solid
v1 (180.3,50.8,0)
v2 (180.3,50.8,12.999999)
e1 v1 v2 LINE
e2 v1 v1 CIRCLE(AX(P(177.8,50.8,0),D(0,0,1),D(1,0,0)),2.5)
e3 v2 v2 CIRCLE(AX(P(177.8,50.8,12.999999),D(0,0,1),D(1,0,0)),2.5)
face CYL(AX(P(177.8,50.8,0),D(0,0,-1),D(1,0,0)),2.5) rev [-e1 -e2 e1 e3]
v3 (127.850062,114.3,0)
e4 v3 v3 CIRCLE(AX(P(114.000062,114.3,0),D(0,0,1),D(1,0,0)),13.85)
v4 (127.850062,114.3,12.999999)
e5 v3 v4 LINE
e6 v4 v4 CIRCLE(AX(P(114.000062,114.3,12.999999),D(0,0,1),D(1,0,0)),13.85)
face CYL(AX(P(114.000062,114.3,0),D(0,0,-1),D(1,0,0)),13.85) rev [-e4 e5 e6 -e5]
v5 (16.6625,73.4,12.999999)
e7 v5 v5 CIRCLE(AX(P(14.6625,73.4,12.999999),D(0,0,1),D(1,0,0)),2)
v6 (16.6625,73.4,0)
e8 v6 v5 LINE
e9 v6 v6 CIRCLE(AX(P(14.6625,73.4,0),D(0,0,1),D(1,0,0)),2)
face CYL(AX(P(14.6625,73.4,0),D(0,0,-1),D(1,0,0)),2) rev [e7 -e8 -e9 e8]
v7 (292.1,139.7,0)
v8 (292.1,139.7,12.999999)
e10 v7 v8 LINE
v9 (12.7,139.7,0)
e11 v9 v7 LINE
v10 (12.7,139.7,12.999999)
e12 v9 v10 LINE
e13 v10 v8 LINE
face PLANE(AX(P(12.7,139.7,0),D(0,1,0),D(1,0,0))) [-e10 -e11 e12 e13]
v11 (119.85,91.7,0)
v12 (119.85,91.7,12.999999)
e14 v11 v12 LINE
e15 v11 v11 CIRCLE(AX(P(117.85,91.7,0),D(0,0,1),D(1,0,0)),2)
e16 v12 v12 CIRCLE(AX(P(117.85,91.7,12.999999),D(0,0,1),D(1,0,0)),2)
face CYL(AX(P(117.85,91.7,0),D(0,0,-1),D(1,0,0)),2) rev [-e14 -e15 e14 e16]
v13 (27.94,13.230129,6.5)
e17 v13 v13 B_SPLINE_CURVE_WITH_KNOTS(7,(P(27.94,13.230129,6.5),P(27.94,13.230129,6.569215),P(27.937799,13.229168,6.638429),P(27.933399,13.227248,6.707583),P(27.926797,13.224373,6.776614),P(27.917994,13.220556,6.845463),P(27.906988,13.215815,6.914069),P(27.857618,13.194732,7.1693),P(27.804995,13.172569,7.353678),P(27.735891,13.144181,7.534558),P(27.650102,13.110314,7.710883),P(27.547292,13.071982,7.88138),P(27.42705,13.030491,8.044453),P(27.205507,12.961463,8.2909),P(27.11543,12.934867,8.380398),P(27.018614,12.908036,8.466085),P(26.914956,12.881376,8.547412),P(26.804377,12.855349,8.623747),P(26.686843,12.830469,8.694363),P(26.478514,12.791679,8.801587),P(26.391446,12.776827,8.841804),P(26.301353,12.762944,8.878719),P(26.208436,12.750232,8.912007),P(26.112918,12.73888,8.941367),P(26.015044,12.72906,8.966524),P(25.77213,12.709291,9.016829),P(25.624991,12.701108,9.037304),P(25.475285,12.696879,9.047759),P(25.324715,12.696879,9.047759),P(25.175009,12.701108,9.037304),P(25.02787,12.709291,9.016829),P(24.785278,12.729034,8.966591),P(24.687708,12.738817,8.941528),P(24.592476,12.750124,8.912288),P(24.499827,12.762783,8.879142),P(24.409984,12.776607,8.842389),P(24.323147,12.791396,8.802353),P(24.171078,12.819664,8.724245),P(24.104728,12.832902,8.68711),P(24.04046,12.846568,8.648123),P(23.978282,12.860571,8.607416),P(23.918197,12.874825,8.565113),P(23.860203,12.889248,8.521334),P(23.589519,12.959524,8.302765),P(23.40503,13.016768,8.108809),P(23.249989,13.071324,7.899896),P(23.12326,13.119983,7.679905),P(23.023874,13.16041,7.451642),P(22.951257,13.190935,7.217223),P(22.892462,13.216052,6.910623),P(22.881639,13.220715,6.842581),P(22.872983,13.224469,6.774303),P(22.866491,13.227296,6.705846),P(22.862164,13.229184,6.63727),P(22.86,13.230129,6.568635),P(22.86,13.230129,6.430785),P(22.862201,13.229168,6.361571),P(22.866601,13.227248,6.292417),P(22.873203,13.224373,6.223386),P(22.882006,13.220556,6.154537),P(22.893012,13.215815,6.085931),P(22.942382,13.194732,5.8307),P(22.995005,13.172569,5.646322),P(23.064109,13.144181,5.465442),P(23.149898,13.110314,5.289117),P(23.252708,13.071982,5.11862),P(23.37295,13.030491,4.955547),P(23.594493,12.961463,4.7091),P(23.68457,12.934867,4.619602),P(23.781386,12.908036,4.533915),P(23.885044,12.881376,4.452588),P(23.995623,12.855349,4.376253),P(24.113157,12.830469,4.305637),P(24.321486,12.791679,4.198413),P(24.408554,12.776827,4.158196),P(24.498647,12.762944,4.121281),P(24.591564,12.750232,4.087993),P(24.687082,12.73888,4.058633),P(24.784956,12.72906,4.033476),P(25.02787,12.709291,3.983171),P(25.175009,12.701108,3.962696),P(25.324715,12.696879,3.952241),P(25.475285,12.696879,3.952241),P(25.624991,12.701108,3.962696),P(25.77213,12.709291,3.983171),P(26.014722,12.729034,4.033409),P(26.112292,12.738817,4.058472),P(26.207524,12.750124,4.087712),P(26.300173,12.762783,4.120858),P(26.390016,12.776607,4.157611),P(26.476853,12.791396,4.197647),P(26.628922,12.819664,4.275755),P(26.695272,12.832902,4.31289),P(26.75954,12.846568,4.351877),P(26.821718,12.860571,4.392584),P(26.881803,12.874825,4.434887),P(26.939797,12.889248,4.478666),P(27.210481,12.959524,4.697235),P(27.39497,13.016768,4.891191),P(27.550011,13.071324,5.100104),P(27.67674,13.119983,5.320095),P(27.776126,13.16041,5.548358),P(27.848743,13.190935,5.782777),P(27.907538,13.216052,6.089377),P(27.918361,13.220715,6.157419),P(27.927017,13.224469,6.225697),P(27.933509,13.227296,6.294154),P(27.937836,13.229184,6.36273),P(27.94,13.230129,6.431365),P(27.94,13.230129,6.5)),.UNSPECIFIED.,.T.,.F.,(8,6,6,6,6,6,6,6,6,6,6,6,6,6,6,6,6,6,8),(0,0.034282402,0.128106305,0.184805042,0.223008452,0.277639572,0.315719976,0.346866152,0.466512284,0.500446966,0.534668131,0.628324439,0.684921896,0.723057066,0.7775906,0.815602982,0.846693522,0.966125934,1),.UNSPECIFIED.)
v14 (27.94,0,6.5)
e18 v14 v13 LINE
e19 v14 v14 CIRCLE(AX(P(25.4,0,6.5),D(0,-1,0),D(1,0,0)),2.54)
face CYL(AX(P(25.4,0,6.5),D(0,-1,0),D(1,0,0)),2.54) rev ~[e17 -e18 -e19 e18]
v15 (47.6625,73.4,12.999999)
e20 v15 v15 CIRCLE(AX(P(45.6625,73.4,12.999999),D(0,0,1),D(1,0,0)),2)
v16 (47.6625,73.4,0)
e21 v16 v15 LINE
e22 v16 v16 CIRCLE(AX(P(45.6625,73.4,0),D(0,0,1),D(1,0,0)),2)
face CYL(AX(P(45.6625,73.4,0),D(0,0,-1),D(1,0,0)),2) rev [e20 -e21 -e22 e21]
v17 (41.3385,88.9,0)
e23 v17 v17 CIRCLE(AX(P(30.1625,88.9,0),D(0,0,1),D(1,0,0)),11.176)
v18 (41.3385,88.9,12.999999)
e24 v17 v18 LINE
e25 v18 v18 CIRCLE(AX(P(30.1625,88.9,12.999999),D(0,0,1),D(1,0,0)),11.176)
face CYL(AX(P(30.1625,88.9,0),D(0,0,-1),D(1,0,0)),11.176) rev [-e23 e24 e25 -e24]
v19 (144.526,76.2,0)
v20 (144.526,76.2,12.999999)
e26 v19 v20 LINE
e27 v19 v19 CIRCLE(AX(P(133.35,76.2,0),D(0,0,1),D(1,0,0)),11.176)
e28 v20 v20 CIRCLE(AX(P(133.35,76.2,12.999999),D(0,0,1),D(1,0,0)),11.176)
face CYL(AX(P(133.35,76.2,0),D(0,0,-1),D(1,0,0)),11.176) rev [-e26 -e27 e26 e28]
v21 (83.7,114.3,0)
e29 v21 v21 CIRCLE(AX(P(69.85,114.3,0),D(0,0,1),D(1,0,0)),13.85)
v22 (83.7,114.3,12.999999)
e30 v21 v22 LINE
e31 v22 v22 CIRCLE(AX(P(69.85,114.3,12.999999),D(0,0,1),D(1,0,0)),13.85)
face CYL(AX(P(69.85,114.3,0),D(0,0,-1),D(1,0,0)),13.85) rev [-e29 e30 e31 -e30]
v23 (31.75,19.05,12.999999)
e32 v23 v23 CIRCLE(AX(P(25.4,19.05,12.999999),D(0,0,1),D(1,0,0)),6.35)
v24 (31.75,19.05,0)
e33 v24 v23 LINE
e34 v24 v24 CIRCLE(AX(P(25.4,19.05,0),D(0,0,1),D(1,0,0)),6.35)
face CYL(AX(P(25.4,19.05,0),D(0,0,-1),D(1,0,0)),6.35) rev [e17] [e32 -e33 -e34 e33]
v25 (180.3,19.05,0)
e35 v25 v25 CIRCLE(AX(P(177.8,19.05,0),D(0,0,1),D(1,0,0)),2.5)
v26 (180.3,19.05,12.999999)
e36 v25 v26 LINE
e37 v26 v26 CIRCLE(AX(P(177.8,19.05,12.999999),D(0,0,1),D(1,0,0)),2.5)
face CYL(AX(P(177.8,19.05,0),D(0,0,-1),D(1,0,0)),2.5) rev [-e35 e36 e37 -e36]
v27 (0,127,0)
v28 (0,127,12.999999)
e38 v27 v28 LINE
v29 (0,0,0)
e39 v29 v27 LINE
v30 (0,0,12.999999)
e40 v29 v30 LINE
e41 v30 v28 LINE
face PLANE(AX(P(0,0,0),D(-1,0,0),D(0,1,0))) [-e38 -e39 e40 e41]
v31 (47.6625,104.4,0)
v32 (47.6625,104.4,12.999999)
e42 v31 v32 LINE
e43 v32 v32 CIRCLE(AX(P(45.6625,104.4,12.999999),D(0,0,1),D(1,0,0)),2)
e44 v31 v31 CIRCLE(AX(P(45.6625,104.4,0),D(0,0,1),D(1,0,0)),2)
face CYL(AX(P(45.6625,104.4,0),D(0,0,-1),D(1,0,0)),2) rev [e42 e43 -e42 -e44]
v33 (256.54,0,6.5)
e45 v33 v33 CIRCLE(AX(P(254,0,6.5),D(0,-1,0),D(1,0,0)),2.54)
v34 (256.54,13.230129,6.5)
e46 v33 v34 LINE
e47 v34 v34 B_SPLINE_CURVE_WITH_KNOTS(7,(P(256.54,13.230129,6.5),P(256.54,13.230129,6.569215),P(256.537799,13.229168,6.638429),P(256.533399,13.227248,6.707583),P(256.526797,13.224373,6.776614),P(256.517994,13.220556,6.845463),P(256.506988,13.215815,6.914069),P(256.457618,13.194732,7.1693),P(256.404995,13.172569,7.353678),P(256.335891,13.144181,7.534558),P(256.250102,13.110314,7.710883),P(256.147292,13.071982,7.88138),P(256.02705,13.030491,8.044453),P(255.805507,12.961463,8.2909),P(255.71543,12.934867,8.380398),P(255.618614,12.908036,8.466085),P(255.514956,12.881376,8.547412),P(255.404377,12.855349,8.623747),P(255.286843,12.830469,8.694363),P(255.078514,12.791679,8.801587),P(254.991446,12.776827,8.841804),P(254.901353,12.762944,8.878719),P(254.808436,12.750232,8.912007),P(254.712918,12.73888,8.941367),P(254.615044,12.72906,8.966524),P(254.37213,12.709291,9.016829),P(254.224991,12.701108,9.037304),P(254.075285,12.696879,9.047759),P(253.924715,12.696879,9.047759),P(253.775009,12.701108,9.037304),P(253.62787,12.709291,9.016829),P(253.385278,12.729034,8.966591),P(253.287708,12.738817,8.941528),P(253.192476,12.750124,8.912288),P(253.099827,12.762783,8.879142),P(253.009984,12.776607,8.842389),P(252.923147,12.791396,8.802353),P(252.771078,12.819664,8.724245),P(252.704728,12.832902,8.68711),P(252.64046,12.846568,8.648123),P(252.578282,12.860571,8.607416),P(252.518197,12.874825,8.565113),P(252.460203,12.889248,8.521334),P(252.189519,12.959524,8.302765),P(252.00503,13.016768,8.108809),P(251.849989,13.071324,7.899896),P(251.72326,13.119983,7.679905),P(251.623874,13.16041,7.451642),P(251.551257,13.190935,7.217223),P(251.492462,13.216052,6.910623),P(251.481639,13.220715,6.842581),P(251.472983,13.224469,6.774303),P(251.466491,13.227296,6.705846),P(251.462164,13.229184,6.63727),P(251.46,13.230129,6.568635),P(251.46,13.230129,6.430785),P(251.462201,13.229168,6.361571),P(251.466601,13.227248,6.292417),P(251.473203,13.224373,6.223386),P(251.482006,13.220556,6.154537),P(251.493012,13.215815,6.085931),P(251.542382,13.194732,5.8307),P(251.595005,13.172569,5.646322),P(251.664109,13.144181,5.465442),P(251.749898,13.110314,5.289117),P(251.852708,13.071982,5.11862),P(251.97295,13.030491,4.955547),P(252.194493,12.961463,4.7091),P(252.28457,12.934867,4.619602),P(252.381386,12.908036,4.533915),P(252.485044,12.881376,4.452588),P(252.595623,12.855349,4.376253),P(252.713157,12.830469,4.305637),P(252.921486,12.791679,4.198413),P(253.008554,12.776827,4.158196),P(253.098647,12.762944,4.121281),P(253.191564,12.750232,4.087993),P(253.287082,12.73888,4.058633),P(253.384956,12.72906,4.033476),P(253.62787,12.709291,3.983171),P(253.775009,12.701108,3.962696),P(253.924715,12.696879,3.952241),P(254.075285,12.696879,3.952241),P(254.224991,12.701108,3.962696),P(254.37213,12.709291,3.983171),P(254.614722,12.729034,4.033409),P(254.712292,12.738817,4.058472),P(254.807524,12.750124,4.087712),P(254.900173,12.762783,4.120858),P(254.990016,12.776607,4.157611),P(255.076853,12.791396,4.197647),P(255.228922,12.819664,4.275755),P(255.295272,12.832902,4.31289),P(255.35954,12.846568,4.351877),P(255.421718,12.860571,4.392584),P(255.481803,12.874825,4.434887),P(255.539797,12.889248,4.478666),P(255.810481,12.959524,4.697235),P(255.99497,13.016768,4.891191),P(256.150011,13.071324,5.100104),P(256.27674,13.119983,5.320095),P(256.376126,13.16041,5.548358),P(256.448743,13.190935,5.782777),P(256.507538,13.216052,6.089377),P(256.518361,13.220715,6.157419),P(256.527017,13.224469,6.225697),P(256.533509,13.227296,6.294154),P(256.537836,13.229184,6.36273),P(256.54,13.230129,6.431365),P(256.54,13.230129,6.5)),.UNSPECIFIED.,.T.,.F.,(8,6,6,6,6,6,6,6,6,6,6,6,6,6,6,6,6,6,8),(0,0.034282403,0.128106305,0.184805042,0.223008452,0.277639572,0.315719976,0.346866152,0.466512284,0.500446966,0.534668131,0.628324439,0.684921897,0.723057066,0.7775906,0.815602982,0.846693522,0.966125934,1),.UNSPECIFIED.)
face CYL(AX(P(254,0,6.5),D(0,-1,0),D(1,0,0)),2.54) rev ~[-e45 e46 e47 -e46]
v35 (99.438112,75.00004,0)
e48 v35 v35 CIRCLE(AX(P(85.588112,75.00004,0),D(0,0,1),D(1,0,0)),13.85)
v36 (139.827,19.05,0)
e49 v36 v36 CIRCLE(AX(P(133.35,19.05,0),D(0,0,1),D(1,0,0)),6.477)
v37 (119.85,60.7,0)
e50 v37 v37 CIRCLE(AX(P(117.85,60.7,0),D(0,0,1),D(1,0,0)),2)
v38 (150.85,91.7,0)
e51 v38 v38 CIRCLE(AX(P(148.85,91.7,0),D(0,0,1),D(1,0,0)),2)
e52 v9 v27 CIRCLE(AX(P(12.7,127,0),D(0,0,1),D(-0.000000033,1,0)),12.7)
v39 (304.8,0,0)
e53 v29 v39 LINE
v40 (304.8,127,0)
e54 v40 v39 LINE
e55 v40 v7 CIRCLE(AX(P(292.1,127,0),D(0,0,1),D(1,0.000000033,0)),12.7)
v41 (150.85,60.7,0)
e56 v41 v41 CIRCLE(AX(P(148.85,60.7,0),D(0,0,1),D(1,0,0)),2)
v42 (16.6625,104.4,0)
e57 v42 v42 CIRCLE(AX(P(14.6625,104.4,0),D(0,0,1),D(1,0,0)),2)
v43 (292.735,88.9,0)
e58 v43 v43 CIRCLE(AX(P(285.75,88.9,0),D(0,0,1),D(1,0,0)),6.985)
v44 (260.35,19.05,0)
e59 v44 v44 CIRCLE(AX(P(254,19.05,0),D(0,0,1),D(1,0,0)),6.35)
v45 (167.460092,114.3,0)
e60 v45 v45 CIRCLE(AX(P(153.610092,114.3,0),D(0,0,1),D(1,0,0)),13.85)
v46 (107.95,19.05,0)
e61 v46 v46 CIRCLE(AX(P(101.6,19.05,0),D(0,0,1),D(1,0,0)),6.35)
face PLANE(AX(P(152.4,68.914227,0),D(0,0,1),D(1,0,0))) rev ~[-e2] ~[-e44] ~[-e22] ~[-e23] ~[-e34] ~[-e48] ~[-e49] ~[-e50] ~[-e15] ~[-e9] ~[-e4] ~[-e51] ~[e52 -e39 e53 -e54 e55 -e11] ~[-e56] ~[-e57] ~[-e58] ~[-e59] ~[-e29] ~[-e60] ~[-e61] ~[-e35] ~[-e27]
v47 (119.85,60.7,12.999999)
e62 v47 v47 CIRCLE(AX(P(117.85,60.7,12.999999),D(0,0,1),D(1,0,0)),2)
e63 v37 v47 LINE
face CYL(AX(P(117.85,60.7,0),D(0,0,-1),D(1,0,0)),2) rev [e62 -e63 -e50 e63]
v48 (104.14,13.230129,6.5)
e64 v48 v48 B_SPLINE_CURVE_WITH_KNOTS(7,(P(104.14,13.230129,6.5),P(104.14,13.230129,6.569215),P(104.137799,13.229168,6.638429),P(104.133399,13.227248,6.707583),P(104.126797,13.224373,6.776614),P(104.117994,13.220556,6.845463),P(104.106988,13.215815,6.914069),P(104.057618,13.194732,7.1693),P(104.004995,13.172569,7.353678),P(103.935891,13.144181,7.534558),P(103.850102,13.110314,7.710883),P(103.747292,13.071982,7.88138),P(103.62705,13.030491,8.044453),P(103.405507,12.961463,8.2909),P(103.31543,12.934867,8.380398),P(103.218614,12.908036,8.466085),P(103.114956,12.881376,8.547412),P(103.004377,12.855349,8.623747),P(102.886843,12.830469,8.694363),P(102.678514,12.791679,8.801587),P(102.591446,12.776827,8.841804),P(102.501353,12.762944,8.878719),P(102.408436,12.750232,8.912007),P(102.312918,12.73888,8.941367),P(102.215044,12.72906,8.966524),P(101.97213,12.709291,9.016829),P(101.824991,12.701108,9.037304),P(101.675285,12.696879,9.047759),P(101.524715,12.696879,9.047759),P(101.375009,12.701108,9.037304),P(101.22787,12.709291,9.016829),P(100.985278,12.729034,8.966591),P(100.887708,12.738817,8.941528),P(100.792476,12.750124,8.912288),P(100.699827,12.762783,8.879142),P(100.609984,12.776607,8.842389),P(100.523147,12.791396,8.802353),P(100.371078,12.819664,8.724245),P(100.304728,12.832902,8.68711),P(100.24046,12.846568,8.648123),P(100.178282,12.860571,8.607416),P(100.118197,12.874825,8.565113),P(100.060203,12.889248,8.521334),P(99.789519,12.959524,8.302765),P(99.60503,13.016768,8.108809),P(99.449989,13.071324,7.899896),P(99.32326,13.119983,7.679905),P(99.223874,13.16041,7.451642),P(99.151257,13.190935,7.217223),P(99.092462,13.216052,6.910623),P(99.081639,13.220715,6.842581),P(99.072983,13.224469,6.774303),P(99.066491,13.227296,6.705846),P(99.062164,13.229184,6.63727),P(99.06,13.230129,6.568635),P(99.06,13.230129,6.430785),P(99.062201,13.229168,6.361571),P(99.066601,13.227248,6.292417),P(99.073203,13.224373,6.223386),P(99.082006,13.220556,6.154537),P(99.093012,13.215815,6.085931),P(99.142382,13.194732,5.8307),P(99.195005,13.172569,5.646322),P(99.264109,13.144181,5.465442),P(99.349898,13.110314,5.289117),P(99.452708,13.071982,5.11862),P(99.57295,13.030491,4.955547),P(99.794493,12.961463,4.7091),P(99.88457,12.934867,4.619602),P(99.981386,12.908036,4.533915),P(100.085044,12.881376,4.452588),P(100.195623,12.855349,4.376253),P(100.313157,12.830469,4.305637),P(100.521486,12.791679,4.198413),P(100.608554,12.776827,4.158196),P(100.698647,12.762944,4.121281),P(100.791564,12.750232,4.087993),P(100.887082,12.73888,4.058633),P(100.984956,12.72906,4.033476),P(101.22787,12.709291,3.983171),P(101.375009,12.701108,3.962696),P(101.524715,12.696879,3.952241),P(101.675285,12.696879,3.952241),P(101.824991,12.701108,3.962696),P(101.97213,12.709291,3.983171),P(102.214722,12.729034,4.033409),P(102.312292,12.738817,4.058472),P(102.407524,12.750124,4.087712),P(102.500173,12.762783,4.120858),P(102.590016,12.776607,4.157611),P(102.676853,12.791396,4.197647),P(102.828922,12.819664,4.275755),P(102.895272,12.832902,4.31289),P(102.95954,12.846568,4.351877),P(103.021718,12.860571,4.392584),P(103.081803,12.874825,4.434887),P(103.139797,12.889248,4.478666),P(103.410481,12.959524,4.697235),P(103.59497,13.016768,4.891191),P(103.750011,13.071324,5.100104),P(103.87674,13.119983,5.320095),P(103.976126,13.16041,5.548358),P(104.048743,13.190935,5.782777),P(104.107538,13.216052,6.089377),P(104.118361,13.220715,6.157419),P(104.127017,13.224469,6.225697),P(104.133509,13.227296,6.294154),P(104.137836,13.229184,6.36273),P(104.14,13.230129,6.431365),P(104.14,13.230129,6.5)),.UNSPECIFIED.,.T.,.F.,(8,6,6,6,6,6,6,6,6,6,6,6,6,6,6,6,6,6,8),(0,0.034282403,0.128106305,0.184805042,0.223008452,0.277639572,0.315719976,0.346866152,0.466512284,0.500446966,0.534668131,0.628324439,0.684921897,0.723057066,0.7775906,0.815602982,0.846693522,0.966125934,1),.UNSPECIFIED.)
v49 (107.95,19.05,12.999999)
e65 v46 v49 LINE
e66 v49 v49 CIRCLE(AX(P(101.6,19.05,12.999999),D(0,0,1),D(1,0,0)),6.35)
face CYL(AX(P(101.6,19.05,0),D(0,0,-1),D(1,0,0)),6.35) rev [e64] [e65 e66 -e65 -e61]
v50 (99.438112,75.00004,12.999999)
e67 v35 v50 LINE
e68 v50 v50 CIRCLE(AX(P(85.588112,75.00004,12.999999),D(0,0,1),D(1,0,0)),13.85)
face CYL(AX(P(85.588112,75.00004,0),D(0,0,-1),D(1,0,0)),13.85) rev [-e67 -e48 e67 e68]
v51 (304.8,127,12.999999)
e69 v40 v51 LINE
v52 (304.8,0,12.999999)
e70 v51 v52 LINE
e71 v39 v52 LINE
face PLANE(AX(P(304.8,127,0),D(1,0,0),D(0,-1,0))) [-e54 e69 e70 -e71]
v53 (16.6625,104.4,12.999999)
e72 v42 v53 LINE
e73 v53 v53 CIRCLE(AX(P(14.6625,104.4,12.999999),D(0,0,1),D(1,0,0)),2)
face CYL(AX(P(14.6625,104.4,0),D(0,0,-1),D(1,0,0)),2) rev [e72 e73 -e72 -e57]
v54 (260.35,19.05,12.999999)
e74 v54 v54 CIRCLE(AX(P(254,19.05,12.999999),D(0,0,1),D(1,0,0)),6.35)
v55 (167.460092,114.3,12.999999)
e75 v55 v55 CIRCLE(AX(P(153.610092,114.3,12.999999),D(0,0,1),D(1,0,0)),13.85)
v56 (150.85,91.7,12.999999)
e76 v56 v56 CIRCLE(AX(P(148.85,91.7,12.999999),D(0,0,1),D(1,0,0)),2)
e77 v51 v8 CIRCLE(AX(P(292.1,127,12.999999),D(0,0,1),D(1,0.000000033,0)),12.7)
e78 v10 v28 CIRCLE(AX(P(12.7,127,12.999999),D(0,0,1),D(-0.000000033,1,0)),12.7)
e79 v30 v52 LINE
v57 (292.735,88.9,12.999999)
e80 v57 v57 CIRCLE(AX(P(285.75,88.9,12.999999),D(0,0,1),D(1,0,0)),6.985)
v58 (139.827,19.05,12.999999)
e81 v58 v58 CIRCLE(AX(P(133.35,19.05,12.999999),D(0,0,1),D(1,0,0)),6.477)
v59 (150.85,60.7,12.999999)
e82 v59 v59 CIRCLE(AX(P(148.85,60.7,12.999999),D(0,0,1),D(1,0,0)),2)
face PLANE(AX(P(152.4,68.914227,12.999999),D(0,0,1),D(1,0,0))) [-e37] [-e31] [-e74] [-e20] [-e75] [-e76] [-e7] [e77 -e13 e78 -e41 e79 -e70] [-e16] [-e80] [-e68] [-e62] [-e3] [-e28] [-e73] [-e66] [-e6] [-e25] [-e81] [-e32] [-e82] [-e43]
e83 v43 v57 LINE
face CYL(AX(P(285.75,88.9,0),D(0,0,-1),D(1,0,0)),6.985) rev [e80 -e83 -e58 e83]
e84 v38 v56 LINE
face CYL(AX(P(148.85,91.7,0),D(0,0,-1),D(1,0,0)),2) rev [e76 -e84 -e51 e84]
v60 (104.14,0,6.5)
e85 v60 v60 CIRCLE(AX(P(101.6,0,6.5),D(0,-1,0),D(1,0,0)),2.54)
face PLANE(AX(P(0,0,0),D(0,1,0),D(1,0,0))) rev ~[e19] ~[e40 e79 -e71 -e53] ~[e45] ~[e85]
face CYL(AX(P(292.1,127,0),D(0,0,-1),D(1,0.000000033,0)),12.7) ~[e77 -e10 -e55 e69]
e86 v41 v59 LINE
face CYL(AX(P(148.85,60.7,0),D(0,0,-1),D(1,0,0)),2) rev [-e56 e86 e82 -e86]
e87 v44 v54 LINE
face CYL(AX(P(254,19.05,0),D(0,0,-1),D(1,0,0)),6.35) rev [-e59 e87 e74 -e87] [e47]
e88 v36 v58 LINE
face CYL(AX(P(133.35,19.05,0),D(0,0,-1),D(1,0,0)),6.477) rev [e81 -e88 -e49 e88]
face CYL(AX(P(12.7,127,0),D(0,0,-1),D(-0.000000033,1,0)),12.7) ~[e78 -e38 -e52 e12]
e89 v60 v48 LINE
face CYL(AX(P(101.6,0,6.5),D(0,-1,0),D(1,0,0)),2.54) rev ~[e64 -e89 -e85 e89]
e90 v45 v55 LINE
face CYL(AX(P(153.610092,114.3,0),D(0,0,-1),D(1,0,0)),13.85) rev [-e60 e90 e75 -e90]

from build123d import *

# Parameters (mm, degrees)
SKETCH001_R   = 6.985
SKETCH001_R_2 = 11.176
SKETCH001_R_3 = 6.35
SKETCH001_R_4 = 6.477
SKETCH001_R_5 = 2
SKETCH001_R_6 = 2.5
SKETCH001_R_7 = 13.85
PAD_DEPTH     = 12.999999
SKETCH_R      = 2.54
POCKET_DEPTH  = 20.32


with BuildPart() as part:
    # Sketch001 → Pad (new body)
    with BuildSketch(Plane.XY):
        with BuildLine():
            Line((0, 0), (304.8, 0))
            Line((304.8, 127), (304.8, 0))
            ThreePointArc((304.8, 127), (301.080256, 135.980256), (292.1, 139.7))
            Line((12.7, 139.7), (292.1, 139.7))
            ThreePointArc((12.7, 139.7), (3.719744, 135.980256), (0, 127))
            Line((0, 0), (0, 127))
        make_face()
        with Locations((285.75, 88.9)):
            Circle(SKETCH001_R, mode=Mode.SUBTRACT)
        with Locations((133.35, 76.2)):
            Circle(SKETCH001_R_2, mode=Mode.SUBTRACT)
        with Locations((25.4, 19.05)):
            Circle(SKETCH001_R_3, mode=Mode.SUBTRACT)
        with Locations((101.6, 19.05)):
            Circle(SKETCH001_R_3, mode=Mode.SUBTRACT)
        with Locations((254, 19.05)):
            Circle(SKETCH001_R_3, mode=Mode.SUBTRACT)
        with Locations((133.35, 19.05)):
            Circle(SKETCH001_R_4, mode=Mode.SUBTRACT)
        with Locations((30.1625, 88.9)):
            Circle(SKETCH001_R_2, mode=Mode.SUBTRACT)
        with Locations((14.6625, 73.4)):
            Circle(SKETCH001_R_5, mode=Mode.SUBTRACT)
        with Locations((45.6625, 104.4)):
            Circle(SKETCH001_R_5, mode=Mode.SUBTRACT)
        with Locations((45.6625, 73.4)):
            Circle(SKETCH001_R_5, mode=Mode.SUBTRACT)
        with Locations((14.6625, 104.4)):
            Circle(SKETCH001_R_5, mode=Mode.SUBTRACT)
        with Locations((117.85, 91.7)):
            Circle(SKETCH001_R_5, mode=Mode.SUBTRACT)
        with Locations((148.85, 91.7)):
            Circle(SKETCH001_R_5, mode=Mode.SUBTRACT)
        with Locations((117.85, 60.7)):
            Circle(SKETCH001_R_5, mode=Mode.SUBTRACT)
        with Locations((148.85, 60.7)):
            Circle(SKETCH001_R_5, mode=Mode.SUBTRACT)
        with Locations((177.8, 19.05)):
            Circle(SKETCH001_R_6, mode=Mode.SUBTRACT)
        with Locations((177.8, 50.8)):
            Circle(SKETCH001_R_6, mode=Mode.SUBTRACT)
        with Locations((69.85, 114.3)):
            Circle(SKETCH001_R_7, mode=Mode.SUBTRACT)
        with Locations((85.588112, 75.00004)):
            Circle(SKETCH001_R_7, mode=Mode.SUBTRACT)
        with Locations((114.000062, 114.3)):
            Circle(SKETCH001_R_7, mode=Mode.SUBTRACT)
        with Locations((153.610092, 114.3)):
            Circle(SKETCH001_R_7, mode=Mode.SUBTRACT)
    extrude(amount=PAD_DEPTH)

    # Sketch → Pocket (cut)
    with BuildSketch(Plane.XZ):
        with Locations((25.4, 6.5)):
            Circle(SKETCH_R)
        with Locations((101.6, 6.5)):
            Circle(SKETCH_R)
        with Locations((254, 6.5)):
            Circle(SKETCH_R)
    extrude(amount=-POCKET_DEPTH, mode=Mode.SUBTRACT)


solid = part.part
